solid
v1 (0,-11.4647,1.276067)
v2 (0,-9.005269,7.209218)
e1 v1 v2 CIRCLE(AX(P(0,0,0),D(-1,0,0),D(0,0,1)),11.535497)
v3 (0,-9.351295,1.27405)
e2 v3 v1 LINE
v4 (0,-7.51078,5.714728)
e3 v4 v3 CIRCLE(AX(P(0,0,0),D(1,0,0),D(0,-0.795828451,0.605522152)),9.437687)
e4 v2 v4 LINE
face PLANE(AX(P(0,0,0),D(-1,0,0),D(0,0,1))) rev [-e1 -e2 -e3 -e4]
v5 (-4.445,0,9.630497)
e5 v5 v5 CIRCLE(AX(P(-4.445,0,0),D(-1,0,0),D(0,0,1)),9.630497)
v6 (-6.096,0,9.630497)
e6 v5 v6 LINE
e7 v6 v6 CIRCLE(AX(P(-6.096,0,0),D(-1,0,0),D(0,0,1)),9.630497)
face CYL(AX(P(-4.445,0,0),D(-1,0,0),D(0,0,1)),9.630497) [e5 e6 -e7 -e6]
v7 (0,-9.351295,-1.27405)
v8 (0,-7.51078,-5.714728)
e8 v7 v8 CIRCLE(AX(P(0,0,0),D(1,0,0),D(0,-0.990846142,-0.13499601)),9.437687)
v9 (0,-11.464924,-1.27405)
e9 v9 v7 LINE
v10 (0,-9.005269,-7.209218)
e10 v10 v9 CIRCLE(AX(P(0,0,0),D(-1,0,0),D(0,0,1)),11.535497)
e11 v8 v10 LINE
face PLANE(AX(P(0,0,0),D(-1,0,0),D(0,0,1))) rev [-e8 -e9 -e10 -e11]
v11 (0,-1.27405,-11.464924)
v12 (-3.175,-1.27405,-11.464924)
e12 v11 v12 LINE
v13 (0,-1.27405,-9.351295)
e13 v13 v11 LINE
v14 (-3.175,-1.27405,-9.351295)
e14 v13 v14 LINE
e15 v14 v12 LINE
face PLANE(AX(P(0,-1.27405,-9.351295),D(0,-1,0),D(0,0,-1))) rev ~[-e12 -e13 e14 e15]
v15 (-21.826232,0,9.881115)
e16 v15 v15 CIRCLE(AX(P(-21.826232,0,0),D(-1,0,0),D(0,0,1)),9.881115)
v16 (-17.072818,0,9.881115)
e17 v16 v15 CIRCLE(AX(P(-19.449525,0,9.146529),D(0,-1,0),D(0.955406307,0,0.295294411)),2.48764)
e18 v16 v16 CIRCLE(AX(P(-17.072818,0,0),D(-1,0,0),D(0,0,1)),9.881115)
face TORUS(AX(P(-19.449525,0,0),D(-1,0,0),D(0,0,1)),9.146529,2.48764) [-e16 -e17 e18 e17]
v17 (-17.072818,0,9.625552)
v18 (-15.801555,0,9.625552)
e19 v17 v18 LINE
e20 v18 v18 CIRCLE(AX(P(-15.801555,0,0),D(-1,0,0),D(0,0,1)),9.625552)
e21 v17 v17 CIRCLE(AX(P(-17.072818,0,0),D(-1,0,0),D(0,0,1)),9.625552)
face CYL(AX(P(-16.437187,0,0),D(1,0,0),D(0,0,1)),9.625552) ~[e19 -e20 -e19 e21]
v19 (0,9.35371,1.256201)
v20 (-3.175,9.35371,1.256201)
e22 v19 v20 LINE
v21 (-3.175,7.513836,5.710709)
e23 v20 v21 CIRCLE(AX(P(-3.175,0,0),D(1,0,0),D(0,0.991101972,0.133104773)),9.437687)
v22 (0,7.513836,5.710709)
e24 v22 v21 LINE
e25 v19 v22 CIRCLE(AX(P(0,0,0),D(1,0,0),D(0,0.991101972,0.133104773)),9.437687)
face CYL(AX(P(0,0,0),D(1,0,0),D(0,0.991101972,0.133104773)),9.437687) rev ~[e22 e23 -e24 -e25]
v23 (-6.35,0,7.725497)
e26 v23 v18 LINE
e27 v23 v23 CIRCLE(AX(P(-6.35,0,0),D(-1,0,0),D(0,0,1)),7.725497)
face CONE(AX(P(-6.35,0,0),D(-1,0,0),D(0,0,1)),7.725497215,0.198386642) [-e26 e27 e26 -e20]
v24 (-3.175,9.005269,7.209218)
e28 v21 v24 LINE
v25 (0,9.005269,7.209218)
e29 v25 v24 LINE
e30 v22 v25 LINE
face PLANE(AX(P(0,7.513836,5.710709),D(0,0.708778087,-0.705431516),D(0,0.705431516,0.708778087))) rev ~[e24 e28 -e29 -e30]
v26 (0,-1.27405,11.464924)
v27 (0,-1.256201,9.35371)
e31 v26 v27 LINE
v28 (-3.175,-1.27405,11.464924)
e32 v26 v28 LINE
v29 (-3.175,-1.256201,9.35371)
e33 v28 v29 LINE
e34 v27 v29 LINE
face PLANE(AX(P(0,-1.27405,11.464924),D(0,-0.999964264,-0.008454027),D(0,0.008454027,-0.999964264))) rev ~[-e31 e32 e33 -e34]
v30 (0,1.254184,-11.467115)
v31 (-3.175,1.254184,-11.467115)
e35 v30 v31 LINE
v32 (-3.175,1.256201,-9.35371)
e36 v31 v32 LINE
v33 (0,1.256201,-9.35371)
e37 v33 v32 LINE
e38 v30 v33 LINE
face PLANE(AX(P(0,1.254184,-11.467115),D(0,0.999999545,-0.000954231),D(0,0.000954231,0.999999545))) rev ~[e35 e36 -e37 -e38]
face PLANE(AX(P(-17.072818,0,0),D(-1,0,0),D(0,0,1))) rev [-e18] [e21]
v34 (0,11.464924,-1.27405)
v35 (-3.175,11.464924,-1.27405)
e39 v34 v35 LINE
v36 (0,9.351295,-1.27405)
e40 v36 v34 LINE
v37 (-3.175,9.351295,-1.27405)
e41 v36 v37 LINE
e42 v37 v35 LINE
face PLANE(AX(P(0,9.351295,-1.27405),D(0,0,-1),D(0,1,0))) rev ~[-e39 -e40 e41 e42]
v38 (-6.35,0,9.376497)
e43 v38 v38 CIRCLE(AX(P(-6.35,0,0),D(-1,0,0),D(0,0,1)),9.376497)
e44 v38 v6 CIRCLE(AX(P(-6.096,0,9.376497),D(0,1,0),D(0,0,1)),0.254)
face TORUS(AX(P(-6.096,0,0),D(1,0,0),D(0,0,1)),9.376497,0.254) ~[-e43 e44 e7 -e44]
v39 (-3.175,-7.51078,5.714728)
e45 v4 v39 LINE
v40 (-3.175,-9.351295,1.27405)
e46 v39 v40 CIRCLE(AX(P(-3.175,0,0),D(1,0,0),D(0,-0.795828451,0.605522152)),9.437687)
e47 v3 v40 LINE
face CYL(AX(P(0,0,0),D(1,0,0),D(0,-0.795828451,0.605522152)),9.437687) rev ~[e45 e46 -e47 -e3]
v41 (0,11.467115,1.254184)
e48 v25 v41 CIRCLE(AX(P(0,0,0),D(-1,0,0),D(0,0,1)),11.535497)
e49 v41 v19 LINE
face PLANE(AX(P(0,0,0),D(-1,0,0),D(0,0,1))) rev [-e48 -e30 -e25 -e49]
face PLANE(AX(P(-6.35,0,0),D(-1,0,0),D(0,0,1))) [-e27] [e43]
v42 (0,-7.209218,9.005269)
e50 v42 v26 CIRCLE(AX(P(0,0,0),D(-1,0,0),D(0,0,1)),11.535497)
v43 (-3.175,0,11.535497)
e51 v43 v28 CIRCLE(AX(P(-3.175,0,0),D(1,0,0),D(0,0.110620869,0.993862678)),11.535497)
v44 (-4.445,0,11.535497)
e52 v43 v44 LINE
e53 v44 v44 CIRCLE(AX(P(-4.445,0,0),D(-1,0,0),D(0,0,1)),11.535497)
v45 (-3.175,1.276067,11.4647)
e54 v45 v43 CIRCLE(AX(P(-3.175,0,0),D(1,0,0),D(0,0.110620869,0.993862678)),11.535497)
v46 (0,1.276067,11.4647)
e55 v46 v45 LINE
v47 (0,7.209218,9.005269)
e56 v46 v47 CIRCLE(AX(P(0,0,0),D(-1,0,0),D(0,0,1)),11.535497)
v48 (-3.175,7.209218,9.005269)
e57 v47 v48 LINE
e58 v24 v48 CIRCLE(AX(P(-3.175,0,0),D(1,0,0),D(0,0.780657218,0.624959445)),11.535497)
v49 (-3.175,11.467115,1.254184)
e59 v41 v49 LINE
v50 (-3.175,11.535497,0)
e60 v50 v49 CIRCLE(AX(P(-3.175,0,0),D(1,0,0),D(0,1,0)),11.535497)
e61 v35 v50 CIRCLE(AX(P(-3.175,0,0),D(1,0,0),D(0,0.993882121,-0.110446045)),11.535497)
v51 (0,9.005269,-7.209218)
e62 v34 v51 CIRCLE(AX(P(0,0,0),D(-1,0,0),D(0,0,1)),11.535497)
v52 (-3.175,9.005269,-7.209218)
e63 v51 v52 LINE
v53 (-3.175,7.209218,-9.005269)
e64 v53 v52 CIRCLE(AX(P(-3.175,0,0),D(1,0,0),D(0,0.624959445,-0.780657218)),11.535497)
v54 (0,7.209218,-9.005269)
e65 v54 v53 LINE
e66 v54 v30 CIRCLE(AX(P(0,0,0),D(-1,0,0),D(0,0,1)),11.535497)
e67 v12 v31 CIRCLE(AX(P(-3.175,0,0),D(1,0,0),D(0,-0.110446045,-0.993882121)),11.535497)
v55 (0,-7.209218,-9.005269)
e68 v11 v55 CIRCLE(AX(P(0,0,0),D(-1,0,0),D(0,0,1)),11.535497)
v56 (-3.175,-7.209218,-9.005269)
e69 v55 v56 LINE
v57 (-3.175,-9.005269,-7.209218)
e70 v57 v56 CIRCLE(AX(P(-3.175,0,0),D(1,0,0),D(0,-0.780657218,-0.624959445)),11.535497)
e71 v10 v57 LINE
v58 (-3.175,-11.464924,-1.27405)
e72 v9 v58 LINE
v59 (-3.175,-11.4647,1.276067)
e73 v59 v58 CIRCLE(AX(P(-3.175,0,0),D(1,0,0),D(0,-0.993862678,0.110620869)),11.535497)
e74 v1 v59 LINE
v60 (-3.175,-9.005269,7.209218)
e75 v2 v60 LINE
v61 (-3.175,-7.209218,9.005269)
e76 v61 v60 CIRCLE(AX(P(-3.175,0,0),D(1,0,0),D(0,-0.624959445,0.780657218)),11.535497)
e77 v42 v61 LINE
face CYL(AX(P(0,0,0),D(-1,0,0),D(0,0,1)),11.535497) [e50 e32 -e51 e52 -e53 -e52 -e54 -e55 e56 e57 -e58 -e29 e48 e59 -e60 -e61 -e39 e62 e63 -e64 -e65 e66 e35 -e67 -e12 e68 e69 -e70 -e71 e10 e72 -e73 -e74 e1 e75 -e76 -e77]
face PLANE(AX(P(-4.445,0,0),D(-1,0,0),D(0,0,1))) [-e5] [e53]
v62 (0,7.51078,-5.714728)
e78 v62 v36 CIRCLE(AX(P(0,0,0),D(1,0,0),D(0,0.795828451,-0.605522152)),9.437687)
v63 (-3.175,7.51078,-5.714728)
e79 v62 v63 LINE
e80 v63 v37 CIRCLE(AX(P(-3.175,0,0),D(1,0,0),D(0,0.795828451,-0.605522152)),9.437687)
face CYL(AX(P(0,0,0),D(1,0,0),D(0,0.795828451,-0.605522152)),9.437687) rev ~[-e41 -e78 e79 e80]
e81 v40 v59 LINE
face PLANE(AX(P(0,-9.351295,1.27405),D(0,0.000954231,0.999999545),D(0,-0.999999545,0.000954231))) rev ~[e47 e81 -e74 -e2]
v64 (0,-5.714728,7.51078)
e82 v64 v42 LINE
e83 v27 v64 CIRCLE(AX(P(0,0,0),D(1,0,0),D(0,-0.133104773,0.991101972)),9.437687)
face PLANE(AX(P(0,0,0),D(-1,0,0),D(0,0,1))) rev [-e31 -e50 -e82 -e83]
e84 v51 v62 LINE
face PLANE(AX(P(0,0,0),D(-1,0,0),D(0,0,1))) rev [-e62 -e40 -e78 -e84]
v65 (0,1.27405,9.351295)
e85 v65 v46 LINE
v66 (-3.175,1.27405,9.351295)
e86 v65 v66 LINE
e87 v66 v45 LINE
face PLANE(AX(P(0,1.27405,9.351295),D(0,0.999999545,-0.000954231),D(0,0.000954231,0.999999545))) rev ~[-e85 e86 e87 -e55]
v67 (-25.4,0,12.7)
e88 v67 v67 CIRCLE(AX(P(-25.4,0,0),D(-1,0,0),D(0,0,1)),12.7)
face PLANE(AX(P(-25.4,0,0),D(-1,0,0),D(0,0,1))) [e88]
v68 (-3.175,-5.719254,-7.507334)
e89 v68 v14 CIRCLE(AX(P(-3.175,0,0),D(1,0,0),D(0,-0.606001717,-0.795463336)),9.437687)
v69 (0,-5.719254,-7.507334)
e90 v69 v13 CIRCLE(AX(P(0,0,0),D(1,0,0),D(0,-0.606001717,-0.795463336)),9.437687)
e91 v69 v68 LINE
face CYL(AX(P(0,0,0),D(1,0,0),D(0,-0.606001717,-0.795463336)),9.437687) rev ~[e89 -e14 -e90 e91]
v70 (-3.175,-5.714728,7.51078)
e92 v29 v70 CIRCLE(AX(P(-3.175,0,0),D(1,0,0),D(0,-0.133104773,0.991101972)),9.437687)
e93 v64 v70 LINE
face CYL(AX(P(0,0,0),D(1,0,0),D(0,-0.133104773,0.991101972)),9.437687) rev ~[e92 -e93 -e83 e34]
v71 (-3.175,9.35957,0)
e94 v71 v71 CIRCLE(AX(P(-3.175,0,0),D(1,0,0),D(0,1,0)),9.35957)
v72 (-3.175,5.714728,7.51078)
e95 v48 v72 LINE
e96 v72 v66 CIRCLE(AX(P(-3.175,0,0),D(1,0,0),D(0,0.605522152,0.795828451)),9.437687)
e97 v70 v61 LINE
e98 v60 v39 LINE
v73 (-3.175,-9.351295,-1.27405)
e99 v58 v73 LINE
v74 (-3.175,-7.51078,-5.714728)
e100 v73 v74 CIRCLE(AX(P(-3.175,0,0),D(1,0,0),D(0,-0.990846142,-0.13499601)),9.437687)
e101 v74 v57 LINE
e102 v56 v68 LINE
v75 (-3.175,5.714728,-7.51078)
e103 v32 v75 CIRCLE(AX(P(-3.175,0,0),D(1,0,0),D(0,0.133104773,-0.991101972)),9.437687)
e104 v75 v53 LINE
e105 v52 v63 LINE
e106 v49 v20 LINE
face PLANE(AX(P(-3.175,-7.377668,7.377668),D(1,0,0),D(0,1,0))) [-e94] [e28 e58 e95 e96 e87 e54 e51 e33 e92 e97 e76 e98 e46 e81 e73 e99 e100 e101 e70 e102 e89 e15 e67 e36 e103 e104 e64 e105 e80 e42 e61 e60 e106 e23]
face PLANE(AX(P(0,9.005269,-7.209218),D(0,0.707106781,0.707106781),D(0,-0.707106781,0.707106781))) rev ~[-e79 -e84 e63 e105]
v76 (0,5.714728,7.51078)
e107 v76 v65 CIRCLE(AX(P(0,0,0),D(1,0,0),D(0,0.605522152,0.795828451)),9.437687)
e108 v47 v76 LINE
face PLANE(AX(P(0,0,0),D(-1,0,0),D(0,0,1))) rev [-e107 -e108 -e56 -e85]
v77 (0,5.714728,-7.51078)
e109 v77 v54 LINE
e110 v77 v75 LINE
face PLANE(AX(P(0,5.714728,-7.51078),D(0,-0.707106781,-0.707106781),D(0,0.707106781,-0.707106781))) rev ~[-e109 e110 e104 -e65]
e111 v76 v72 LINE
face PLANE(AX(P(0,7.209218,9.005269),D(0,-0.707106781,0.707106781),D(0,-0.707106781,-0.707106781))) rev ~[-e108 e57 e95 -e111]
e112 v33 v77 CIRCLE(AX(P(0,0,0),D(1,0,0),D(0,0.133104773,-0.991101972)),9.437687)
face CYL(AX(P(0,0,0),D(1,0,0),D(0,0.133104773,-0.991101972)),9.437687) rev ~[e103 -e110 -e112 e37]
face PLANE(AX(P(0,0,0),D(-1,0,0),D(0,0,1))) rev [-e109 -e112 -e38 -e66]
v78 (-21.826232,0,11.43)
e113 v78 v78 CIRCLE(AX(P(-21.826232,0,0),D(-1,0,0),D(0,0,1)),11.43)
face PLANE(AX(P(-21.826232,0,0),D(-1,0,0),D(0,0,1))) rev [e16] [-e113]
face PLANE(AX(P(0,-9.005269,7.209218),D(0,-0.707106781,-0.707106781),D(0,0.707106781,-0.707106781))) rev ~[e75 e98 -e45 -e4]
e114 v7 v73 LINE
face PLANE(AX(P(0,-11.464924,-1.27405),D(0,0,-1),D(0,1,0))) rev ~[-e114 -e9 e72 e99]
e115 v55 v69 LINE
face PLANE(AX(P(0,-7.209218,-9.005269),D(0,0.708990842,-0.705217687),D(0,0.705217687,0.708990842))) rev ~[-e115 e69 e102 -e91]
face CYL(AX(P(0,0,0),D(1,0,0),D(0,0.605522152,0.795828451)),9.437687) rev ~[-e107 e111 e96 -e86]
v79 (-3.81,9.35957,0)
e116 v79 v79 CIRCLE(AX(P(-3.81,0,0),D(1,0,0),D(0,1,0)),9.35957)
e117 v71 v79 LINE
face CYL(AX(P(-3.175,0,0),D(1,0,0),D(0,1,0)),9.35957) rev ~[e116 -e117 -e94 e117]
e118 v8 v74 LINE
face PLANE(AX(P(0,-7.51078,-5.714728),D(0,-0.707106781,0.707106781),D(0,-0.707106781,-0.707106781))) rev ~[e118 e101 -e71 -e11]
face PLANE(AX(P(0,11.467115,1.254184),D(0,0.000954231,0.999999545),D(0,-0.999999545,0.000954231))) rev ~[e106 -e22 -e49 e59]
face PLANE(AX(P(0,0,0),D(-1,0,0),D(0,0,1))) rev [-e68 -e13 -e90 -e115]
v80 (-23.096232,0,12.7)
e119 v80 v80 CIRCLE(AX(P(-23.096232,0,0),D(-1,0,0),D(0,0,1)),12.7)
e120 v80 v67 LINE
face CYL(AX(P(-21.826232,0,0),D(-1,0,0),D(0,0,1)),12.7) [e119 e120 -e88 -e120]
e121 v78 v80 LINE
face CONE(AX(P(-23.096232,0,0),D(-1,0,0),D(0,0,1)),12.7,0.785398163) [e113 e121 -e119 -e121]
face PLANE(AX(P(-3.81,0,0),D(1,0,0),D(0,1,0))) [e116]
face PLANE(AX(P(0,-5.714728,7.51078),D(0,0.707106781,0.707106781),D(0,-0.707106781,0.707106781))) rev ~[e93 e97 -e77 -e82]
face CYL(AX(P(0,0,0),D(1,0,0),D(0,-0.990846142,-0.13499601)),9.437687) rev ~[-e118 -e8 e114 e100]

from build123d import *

# Parameters (mm, degrees)
F0_W     = 1.2712626288
F0_H     = 9.6255521612
F3_SIZE  = 1.27
F4_R     = 0.254
F5_DEPTH = 3.175
F6_R     = 9.3595697084
F7_DEPTH = 0.635


with BuildPart() as f1:
    # F0 (on Front) → F1 (revolve)
    with BuildSketch(Plane.XZ):
        Polygon((-15.8015552493, 0), (0, 0), (0, 11.5354972151), (-4.445, 11.5354972151), (-4.445, 9.6304972151), (-6.35, 9.6304972151), (-6.35, 7.7254972151), (-15.8015552493, 9.6255521612), align=None)
        with Locations((-16.4371865637, 4.8127760806)):
            Rectangle(F0_W, F0_H)
        with BuildLine():
            Line((-25.4, 0), (-17.0728178781, 0))
            Line((-17.0728178781, 0), (-17.0728178781, 9.6255521612))
            Line((-17.0728178781, 9.6255521612), (-17.0728178781, 9.8811152703))
            ThreePointArc((-17.0728178781, 9.8811152703), (-19.4495251043, 11.6341692899), (-21.8262323304, 9.8811152703))
            Line((-21.8262323304, 9.8811152703), (-21.8262323304, 12.7))
            Line((-21.8262323304, 12.7), (-25.4, 12.7))
            Line((-25.4, 12.7), (-25.4, 0))
        make_face()
    revolve(axis=Axis((-12.7, 0, 0), (-1, 0, 0)))

    # F3
    f3_edges = [f1.edges().sort_by_distance(p)[0] for p in [
        (-21.826232, 0, -12.7),
    ]]
    chamfer(f3_edges, length=F3_SIZE)

    # F4
    f4_edges = [f1.edges().sort_by_distance(p)[0] for p in [
        (-6.35, 0, -9.630497),
    ]]
    fillet(f4_edges, radius=F4_R)

    # F2 (on face) → F5 (cut)
    with BuildSketch(Plane.YZ):
        with BuildLine():
            ThreePointArc((-7.5107795932, 5.714728369), (-6.6734522711, 6.6734522711), (-5.714728369, 7.5107795932))
            Line((-5.714728369, 7.5107795932), (-7.2092179392, 9.0052691634))
            ThreePointArc((-7.2092179392, 9.0052691634), (-8.1568283052, 8.1568283052), (-9.0052691634, 7.2092179392))
            Line((-9.0052691634, 7.2092179392), (-7.5107795932, 5.714728369))
        make_face()
        with BuildLine():
            ThreePointArc((-1.2562011473, 9.3537099114), (0.0090057319, 9.4376824129), (1.2740500488, 9.3512954665))
            Line((1.2740500488, 9.3512954665), (1.2760667257, 11.464700158))
            ThreePointArc((1.2760667257, 11.464700158), (0.0010145552, 11.5354971705), (-1.2740500488, 11.4649244426))
            Line((-1.2740500488, 11.4649244426), (-1.2562011473, 9.3537099114))
        make_face()
        with BuildLine():
            ThreePointArc((5.714728369, 7.5107795932), (6.6752371757, 6.671666889), (7.5138358891, 5.7107092958))
            Line((7.5138358891, 5.7107092958), (9.0052691634, 7.2092179392))
            ThreePointArc((9.0052691634, 7.2092179392), (8.1568283052, 8.1568283052), (7.2092179392, 9.0052691634))
            Line((7.2092179392, 9.0052691634), (5.714728369, 7.5107795932))
        make_face()
        with BuildLine():
            ThreePointArc((9.3537099114, 1.2562011473), (9.4166691071, 0.6295024673), (9.4376867096, 0))
            ThreePointArc((9.4376867096, 0), (9.4160641292, -0.6384878569), (9.3512954665, -1.2740500488))
            Line((9.3512954665, -1.2740500488), (11.4649244426, -1.2740500488))
            ThreePointArc((11.4649244426, -1.2740500488), (11.517840509, -0.6380015758), (11.5354972151, 0))
            ThreePointArc((11.5354972151, 0), (11.5183888753, 0.6280236595), (11.4671146028, 1.2541844704))
            Line((11.4671146028, 1.2541844704), (9.3537099114, 1.2562011473))
        make_face()
        with BuildLine():
            Line((9.0052691634, -7.2092179392), (7.5107795932, -5.714728369))
            ThreePointArc((7.5107795932, -5.714728369), (6.6734522711, -6.6734522711), (5.714728369, -7.5107795932))
            Line((5.714728369, -7.5107795932), (7.2092179392, -9.0052691634))
            ThreePointArc((7.2092179392, -9.0052691634), (8.1568283052, -8.1568283052), (9.0052691634, -7.2092179392))
        make_face()
        with BuildLine():
            Line((1.2541844704, -11.4671146028), (1.2562011473, -9.3537099114))
            ThreePointArc((1.2562011473, -9.3537099114), (-0.0090057319, -9.4376824129), (-1.2740500488, -9.3512954665))
            Line((-1.2740500488, -9.3512954665), (-1.2740500488, -11.4649244426))
            ThreePointArc((-1.2740500488, -11.4649244426), (-0.0099929726, -11.5354928868), (1.2541844704, -11.4671146028))
        make_face()
        with BuildLine():
            Line((-7.2092179392, -9.0052691634), (-5.7192543462, -7.5073337579))
            ThreePointArc((-5.7192543462, -7.5073337579), (-6.6754631322, -6.6714408039), (-7.5107795932, -5.714728369))
            Line((-7.5107795932, -5.714728369), (-9.0052691634, -7.2092179392))
            ThreePointArc((-9.0052691634, -7.2092179392), (-8.1568283052, -8.1568283052), (-7.2092179392, -9.0052691634))
        make_face()
        with BuildLine():
            ThreePointArc((-9.3512954665, -1.2740500488), (-9.4376867096, 0), (-9.3512954665, 1.2740500488))
            Line((-9.3512954665, 1.2740500488), (-11.464700158, 1.2760667257))
            ThreePointArc((-11.464700158, 1.2760667257), (-11.5354971705, 0.0010145552), (-11.4649244426, -1.2740500488))
            Line((-11.4649244426, -1.2740500488), (-9.3512954665, -1.2740500488))
        make_face()
        with BuildLine():
            ThreePointArc((9.3512954665, -1.2740500488), (9.4160641292, -0.6384878569), (9.4376867096, 0))
            ThreePointArc((9.4376867096, 0), (9.4166691071, 0.6295024673), (9.3537099114, 1.2562011473))
            ThreePointArc((9.3537099114, 1.2562011473), (8.7229115577, 3.6028800126), (7.5138358891, 5.7107092958))
            ThreePointArc((7.5138358891, 5.7107092958), (6.6752371757, 6.671666889), (5.714728369, 7.5107795932))
            ThreePointArc((5.714728369, 7.5107795932), (3.6135343658, 8.7185033014), (1.2740500488, 9.3512954665))
            ThreePointArc((1.2740500488, 9.3512954665), (0.0090057319, 9.4376824129), (-1.2562011473, 9.3537099114))
            ThreePointArc((-1.2562011473, 9.3537099114), (-3.6052132558, 8.721947478), (-5.714728369, 7.5107795932))
            ThreePointArc((-5.714728369, 7.5107795932), (-6.6734522711, 6.6734522711), (-7.5107795932, 5.714728369))
            ThreePointArc((-7.5107795932, 5.714728369), (-8.7185033014, 3.6135343658), (-9.3512954665, 1.2740500488))
            ThreePointArc((-9.3512954665, 1.2740500488), (-9.4376867096, 0), (-9.3512954665, -1.2740500488))
            ThreePointArc((-9.3512954665, -1.2740500488), (-8.7185033014, -3.6135343658), (-7.5107795932, -5.714728369))
            ThreePointArc((-7.5107795932, -5.714728369), (-6.6754631322, -6.6714408039), (-5.7192543462, -7.5073337579))
            ThreePointArc((-5.7192543462, -7.5073337579), (-3.6161616786, -8.7174139023), (-1.2740500488, -9.3512954665))
            ThreePointArc((-1.2740500488, -9.3512954665), (-0.0090057319, -9.4376824129), (1.2562011473, -9.3537099114))
            ThreePointArc((1.2562011473, -9.3537099114), (3.6052132558, -8.721947478), (5.714728369, -7.5107795932))
            ThreePointArc((5.714728369, -7.5107795932), (6.6734522711, -6.6734522711), (7.5107795932, -5.714728369))
            ThreePointArc((7.5107795932, -5.714728369), (8.7185033014, -3.6135343658), (9.3512954665, -1.2740500488))
        make_face()
    extrude(amount=-F5_DEPTH, mode=Mode.SUBTRACT)

    # F6 (on face) → F7 (cut)
    with BuildSketch(Plane.YZ.offset(-3.175)):
        Circle(F6_R)
    extrude(amount=-F7_DEPTH, mode=Mode.SUBTRACT)


solid = f1.part
